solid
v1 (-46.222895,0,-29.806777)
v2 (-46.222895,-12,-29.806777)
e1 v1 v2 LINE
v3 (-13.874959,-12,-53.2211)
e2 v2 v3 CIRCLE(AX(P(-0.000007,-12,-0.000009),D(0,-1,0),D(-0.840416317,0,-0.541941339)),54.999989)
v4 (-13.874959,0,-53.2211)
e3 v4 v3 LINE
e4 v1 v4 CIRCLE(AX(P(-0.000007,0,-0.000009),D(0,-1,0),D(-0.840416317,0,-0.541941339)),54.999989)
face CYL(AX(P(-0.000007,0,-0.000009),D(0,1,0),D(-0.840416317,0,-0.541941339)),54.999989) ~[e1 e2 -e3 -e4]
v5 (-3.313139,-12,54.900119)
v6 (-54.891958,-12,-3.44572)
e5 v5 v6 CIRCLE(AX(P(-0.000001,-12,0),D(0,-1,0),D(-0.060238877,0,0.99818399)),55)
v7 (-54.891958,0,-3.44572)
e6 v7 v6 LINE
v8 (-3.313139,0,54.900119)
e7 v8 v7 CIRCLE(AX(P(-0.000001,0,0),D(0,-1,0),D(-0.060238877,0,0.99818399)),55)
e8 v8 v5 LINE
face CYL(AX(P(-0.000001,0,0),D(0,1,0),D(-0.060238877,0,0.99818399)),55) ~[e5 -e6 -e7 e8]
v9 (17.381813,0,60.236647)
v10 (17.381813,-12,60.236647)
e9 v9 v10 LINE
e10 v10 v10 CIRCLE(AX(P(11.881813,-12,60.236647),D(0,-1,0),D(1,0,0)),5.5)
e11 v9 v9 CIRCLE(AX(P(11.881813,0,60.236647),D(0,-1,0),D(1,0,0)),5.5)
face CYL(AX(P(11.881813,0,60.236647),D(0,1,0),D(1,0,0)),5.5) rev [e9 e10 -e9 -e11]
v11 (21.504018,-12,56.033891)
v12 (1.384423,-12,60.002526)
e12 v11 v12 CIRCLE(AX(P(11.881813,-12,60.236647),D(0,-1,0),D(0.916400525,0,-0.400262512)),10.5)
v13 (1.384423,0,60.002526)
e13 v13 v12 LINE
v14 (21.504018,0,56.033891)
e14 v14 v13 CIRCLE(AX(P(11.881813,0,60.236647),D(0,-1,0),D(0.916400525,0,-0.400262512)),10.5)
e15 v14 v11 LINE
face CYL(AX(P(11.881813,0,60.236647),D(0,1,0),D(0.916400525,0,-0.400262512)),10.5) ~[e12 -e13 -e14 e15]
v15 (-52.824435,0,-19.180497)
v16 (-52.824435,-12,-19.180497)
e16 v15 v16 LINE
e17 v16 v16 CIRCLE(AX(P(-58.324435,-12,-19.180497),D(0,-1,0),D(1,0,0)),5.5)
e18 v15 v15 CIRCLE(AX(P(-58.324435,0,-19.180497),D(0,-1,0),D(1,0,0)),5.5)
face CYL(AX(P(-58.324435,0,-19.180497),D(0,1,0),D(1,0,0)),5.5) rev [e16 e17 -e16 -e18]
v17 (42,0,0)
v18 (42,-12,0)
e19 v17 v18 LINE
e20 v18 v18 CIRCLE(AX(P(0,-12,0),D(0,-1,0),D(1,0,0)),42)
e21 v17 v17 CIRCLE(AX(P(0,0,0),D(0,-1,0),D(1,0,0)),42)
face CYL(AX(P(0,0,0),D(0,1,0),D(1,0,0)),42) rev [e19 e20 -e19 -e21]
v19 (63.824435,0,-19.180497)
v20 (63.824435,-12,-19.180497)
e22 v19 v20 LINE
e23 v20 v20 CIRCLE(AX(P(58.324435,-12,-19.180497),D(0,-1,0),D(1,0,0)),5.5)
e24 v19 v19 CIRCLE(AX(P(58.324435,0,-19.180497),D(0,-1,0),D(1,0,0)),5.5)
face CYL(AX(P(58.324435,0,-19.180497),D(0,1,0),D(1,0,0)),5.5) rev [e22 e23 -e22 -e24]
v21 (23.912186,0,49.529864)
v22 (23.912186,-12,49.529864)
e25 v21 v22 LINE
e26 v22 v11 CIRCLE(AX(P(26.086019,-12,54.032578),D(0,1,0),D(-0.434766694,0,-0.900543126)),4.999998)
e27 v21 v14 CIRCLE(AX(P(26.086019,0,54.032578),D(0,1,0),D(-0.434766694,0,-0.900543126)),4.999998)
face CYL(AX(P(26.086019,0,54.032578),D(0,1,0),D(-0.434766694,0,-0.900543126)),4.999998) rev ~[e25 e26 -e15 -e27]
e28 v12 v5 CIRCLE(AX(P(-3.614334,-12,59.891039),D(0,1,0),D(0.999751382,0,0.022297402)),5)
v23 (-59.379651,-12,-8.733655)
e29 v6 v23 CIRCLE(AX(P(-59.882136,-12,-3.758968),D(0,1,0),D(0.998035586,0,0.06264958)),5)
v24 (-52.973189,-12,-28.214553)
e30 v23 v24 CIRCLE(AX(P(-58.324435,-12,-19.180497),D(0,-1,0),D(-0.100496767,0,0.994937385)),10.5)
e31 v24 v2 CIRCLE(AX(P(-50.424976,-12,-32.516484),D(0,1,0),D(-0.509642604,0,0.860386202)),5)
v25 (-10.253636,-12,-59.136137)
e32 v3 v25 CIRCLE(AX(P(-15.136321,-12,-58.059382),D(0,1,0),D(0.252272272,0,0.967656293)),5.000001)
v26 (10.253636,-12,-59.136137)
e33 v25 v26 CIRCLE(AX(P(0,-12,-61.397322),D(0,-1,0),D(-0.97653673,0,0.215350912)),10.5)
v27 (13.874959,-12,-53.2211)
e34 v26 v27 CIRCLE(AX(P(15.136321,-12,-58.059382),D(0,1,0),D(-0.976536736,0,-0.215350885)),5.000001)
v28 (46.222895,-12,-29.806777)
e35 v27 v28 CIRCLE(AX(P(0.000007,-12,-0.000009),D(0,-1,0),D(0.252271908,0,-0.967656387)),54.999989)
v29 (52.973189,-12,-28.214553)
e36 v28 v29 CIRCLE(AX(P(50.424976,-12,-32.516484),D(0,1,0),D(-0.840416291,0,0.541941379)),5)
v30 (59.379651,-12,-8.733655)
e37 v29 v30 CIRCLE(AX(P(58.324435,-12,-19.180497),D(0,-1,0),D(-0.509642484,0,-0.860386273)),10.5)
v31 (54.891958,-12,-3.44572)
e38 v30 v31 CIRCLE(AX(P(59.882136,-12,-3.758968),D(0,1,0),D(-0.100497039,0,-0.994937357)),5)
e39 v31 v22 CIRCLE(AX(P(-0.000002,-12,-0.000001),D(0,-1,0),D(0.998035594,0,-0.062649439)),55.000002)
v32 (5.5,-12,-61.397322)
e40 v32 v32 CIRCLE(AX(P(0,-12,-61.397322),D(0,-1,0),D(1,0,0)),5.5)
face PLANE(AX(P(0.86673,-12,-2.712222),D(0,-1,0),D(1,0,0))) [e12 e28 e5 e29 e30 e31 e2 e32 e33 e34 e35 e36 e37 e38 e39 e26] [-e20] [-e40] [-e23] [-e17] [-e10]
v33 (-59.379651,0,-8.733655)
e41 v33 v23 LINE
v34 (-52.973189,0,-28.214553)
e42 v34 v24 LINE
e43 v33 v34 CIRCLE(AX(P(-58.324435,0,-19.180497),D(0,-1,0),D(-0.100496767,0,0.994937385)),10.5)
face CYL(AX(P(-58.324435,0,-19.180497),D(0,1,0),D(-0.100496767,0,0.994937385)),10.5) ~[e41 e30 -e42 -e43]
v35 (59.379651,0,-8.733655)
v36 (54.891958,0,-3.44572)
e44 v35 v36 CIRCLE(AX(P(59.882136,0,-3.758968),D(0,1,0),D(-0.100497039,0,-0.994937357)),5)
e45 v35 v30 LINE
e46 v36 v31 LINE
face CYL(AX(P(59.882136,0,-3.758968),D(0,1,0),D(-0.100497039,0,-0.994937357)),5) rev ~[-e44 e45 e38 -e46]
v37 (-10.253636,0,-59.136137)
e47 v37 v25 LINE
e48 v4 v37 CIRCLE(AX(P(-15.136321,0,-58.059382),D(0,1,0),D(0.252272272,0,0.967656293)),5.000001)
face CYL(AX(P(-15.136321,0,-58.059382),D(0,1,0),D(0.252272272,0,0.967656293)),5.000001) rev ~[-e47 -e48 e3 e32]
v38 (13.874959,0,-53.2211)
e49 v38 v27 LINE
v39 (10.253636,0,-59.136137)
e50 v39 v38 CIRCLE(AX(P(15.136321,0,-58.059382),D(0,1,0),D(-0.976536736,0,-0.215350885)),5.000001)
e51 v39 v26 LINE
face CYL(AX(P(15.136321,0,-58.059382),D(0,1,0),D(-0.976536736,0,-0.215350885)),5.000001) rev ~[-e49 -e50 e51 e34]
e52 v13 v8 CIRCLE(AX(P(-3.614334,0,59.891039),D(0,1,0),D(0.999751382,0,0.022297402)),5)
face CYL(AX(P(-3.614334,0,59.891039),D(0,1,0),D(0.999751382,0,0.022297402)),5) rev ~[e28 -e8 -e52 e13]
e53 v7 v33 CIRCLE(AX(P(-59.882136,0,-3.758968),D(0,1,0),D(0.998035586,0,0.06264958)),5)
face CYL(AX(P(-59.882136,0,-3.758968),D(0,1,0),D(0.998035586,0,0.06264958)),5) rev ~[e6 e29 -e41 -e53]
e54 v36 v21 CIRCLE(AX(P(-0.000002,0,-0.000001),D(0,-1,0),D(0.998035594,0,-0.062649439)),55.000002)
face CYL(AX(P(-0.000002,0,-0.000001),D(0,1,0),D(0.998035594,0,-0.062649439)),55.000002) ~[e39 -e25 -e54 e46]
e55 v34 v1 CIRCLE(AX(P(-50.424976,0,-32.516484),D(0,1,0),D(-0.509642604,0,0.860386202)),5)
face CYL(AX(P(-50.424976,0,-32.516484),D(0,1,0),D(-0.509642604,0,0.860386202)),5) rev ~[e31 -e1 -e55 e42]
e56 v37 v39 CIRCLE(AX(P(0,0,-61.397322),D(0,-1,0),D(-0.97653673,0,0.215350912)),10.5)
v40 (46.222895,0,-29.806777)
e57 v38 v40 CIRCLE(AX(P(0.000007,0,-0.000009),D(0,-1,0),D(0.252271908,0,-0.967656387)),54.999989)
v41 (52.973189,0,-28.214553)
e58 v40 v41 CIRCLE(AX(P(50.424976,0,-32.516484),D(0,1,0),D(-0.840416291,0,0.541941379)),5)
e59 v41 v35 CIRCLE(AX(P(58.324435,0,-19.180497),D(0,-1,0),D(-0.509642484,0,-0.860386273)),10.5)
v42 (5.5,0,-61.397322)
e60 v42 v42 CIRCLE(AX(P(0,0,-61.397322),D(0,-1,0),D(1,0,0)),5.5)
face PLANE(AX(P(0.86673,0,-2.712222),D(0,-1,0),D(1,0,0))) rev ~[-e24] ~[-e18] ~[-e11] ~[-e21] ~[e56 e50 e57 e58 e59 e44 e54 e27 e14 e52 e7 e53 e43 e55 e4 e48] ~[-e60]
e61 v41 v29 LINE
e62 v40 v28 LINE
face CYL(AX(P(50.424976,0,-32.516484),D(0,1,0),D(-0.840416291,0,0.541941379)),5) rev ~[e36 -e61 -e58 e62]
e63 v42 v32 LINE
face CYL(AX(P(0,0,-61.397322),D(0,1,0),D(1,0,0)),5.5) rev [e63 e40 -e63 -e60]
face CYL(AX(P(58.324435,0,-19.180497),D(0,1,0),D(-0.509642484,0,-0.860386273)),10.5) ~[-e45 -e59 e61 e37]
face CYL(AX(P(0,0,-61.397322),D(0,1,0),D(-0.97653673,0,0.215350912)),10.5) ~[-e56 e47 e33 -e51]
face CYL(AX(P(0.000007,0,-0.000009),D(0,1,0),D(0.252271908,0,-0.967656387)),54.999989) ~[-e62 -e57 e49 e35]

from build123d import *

# Parameters (mm, degrees)
F0_R     = 5.5
F0_R_2   = 42
F1_DEPTH = 12


with BuildPart() as f1:
    # F0 (on Front) → F1 (new body)
    with BuildSketch(Plane.XZ):
        with BuildLine():
            ThreePointArc((-52.973189, -28.214553), (-49.277102, -27.650029), (-46.222895, -29.806777))
            ThreePointArc((-46.222895, -29.806777), (-32.248964, -44.553388), (-13.874959, -53.2211))
            ThreePointArc((-13.874959, -53.2211), (-10.872022, -55.44868), (-10.253636, -59.136137))
            ThreePointArc((-10.253636, -59.136137), (0, -71.897322), (10.253636, -59.136137))
            ThreePointArc((10.253636, -59.136137), (10.872022, -55.44868), (13.874959, -53.2211))
            ThreePointArc((13.874959, -53.2211), (32.248964, -44.553388), (46.222895, -29.806777))
            ThreePointArc((46.222895, -29.806777), (49.277102, -27.650029), (52.973189, -28.214553))
            ThreePointArc((52.973189, -28.214553), (68.298918, -22.460693), (59.379651, -8.733655))
            ThreePointArc((59.379651, -8.733655), (56.069932, -6.994258), (54.891958, -3.44572))
            ThreePointArc((54.891958, -3.44572), (47.477641, 27.764611), (23.912186, 49.529864))
            ThreePointArc((23.912186, 49.529864), (21.397105, 52.29647), (21.504018, 56.033891))
            ThreePointArc((21.504018, 56.033891), (13.913807, 70.538152), (1.384423, 60.002526))
            ThreePointArc((1.384423, 60.002526), (0.064118, 56.504449), (-3.313139, 54.900119))
            ThreePointArc((-3.313139, 54.900119), (-41.207009, 36.42777), (-54.891958, -3.44572))
            ThreePointArc((-54.891958, -3.44572), (-56.069932, -6.994258), (-59.379651, -8.733655))
            ThreePointArc((-59.379651, -8.733655), (-68.298918, -22.460693), (-52.973189, -28.214553))
        make_face()
        with Locations((-58.324435, -19.180497)):
            Circle(F0_R, mode=Mode.SUBTRACT)
        with Locations((0, -61.397322)):
            Circle(F0_R, mode=Mode.SUBTRACT)
        with Locations((58.324435, -19.180497)):
            Circle(F0_R, mode=Mode.SUBTRACT)
        Circle(F0_R_2, mode=Mode.SUBTRACT)
        with Locations((11.881813, 60.236647)):
            Circle(F0_R, mode=Mode.SUBTRACT)
    extrude(amount=F1_DEPTH)


solid = f1.part
